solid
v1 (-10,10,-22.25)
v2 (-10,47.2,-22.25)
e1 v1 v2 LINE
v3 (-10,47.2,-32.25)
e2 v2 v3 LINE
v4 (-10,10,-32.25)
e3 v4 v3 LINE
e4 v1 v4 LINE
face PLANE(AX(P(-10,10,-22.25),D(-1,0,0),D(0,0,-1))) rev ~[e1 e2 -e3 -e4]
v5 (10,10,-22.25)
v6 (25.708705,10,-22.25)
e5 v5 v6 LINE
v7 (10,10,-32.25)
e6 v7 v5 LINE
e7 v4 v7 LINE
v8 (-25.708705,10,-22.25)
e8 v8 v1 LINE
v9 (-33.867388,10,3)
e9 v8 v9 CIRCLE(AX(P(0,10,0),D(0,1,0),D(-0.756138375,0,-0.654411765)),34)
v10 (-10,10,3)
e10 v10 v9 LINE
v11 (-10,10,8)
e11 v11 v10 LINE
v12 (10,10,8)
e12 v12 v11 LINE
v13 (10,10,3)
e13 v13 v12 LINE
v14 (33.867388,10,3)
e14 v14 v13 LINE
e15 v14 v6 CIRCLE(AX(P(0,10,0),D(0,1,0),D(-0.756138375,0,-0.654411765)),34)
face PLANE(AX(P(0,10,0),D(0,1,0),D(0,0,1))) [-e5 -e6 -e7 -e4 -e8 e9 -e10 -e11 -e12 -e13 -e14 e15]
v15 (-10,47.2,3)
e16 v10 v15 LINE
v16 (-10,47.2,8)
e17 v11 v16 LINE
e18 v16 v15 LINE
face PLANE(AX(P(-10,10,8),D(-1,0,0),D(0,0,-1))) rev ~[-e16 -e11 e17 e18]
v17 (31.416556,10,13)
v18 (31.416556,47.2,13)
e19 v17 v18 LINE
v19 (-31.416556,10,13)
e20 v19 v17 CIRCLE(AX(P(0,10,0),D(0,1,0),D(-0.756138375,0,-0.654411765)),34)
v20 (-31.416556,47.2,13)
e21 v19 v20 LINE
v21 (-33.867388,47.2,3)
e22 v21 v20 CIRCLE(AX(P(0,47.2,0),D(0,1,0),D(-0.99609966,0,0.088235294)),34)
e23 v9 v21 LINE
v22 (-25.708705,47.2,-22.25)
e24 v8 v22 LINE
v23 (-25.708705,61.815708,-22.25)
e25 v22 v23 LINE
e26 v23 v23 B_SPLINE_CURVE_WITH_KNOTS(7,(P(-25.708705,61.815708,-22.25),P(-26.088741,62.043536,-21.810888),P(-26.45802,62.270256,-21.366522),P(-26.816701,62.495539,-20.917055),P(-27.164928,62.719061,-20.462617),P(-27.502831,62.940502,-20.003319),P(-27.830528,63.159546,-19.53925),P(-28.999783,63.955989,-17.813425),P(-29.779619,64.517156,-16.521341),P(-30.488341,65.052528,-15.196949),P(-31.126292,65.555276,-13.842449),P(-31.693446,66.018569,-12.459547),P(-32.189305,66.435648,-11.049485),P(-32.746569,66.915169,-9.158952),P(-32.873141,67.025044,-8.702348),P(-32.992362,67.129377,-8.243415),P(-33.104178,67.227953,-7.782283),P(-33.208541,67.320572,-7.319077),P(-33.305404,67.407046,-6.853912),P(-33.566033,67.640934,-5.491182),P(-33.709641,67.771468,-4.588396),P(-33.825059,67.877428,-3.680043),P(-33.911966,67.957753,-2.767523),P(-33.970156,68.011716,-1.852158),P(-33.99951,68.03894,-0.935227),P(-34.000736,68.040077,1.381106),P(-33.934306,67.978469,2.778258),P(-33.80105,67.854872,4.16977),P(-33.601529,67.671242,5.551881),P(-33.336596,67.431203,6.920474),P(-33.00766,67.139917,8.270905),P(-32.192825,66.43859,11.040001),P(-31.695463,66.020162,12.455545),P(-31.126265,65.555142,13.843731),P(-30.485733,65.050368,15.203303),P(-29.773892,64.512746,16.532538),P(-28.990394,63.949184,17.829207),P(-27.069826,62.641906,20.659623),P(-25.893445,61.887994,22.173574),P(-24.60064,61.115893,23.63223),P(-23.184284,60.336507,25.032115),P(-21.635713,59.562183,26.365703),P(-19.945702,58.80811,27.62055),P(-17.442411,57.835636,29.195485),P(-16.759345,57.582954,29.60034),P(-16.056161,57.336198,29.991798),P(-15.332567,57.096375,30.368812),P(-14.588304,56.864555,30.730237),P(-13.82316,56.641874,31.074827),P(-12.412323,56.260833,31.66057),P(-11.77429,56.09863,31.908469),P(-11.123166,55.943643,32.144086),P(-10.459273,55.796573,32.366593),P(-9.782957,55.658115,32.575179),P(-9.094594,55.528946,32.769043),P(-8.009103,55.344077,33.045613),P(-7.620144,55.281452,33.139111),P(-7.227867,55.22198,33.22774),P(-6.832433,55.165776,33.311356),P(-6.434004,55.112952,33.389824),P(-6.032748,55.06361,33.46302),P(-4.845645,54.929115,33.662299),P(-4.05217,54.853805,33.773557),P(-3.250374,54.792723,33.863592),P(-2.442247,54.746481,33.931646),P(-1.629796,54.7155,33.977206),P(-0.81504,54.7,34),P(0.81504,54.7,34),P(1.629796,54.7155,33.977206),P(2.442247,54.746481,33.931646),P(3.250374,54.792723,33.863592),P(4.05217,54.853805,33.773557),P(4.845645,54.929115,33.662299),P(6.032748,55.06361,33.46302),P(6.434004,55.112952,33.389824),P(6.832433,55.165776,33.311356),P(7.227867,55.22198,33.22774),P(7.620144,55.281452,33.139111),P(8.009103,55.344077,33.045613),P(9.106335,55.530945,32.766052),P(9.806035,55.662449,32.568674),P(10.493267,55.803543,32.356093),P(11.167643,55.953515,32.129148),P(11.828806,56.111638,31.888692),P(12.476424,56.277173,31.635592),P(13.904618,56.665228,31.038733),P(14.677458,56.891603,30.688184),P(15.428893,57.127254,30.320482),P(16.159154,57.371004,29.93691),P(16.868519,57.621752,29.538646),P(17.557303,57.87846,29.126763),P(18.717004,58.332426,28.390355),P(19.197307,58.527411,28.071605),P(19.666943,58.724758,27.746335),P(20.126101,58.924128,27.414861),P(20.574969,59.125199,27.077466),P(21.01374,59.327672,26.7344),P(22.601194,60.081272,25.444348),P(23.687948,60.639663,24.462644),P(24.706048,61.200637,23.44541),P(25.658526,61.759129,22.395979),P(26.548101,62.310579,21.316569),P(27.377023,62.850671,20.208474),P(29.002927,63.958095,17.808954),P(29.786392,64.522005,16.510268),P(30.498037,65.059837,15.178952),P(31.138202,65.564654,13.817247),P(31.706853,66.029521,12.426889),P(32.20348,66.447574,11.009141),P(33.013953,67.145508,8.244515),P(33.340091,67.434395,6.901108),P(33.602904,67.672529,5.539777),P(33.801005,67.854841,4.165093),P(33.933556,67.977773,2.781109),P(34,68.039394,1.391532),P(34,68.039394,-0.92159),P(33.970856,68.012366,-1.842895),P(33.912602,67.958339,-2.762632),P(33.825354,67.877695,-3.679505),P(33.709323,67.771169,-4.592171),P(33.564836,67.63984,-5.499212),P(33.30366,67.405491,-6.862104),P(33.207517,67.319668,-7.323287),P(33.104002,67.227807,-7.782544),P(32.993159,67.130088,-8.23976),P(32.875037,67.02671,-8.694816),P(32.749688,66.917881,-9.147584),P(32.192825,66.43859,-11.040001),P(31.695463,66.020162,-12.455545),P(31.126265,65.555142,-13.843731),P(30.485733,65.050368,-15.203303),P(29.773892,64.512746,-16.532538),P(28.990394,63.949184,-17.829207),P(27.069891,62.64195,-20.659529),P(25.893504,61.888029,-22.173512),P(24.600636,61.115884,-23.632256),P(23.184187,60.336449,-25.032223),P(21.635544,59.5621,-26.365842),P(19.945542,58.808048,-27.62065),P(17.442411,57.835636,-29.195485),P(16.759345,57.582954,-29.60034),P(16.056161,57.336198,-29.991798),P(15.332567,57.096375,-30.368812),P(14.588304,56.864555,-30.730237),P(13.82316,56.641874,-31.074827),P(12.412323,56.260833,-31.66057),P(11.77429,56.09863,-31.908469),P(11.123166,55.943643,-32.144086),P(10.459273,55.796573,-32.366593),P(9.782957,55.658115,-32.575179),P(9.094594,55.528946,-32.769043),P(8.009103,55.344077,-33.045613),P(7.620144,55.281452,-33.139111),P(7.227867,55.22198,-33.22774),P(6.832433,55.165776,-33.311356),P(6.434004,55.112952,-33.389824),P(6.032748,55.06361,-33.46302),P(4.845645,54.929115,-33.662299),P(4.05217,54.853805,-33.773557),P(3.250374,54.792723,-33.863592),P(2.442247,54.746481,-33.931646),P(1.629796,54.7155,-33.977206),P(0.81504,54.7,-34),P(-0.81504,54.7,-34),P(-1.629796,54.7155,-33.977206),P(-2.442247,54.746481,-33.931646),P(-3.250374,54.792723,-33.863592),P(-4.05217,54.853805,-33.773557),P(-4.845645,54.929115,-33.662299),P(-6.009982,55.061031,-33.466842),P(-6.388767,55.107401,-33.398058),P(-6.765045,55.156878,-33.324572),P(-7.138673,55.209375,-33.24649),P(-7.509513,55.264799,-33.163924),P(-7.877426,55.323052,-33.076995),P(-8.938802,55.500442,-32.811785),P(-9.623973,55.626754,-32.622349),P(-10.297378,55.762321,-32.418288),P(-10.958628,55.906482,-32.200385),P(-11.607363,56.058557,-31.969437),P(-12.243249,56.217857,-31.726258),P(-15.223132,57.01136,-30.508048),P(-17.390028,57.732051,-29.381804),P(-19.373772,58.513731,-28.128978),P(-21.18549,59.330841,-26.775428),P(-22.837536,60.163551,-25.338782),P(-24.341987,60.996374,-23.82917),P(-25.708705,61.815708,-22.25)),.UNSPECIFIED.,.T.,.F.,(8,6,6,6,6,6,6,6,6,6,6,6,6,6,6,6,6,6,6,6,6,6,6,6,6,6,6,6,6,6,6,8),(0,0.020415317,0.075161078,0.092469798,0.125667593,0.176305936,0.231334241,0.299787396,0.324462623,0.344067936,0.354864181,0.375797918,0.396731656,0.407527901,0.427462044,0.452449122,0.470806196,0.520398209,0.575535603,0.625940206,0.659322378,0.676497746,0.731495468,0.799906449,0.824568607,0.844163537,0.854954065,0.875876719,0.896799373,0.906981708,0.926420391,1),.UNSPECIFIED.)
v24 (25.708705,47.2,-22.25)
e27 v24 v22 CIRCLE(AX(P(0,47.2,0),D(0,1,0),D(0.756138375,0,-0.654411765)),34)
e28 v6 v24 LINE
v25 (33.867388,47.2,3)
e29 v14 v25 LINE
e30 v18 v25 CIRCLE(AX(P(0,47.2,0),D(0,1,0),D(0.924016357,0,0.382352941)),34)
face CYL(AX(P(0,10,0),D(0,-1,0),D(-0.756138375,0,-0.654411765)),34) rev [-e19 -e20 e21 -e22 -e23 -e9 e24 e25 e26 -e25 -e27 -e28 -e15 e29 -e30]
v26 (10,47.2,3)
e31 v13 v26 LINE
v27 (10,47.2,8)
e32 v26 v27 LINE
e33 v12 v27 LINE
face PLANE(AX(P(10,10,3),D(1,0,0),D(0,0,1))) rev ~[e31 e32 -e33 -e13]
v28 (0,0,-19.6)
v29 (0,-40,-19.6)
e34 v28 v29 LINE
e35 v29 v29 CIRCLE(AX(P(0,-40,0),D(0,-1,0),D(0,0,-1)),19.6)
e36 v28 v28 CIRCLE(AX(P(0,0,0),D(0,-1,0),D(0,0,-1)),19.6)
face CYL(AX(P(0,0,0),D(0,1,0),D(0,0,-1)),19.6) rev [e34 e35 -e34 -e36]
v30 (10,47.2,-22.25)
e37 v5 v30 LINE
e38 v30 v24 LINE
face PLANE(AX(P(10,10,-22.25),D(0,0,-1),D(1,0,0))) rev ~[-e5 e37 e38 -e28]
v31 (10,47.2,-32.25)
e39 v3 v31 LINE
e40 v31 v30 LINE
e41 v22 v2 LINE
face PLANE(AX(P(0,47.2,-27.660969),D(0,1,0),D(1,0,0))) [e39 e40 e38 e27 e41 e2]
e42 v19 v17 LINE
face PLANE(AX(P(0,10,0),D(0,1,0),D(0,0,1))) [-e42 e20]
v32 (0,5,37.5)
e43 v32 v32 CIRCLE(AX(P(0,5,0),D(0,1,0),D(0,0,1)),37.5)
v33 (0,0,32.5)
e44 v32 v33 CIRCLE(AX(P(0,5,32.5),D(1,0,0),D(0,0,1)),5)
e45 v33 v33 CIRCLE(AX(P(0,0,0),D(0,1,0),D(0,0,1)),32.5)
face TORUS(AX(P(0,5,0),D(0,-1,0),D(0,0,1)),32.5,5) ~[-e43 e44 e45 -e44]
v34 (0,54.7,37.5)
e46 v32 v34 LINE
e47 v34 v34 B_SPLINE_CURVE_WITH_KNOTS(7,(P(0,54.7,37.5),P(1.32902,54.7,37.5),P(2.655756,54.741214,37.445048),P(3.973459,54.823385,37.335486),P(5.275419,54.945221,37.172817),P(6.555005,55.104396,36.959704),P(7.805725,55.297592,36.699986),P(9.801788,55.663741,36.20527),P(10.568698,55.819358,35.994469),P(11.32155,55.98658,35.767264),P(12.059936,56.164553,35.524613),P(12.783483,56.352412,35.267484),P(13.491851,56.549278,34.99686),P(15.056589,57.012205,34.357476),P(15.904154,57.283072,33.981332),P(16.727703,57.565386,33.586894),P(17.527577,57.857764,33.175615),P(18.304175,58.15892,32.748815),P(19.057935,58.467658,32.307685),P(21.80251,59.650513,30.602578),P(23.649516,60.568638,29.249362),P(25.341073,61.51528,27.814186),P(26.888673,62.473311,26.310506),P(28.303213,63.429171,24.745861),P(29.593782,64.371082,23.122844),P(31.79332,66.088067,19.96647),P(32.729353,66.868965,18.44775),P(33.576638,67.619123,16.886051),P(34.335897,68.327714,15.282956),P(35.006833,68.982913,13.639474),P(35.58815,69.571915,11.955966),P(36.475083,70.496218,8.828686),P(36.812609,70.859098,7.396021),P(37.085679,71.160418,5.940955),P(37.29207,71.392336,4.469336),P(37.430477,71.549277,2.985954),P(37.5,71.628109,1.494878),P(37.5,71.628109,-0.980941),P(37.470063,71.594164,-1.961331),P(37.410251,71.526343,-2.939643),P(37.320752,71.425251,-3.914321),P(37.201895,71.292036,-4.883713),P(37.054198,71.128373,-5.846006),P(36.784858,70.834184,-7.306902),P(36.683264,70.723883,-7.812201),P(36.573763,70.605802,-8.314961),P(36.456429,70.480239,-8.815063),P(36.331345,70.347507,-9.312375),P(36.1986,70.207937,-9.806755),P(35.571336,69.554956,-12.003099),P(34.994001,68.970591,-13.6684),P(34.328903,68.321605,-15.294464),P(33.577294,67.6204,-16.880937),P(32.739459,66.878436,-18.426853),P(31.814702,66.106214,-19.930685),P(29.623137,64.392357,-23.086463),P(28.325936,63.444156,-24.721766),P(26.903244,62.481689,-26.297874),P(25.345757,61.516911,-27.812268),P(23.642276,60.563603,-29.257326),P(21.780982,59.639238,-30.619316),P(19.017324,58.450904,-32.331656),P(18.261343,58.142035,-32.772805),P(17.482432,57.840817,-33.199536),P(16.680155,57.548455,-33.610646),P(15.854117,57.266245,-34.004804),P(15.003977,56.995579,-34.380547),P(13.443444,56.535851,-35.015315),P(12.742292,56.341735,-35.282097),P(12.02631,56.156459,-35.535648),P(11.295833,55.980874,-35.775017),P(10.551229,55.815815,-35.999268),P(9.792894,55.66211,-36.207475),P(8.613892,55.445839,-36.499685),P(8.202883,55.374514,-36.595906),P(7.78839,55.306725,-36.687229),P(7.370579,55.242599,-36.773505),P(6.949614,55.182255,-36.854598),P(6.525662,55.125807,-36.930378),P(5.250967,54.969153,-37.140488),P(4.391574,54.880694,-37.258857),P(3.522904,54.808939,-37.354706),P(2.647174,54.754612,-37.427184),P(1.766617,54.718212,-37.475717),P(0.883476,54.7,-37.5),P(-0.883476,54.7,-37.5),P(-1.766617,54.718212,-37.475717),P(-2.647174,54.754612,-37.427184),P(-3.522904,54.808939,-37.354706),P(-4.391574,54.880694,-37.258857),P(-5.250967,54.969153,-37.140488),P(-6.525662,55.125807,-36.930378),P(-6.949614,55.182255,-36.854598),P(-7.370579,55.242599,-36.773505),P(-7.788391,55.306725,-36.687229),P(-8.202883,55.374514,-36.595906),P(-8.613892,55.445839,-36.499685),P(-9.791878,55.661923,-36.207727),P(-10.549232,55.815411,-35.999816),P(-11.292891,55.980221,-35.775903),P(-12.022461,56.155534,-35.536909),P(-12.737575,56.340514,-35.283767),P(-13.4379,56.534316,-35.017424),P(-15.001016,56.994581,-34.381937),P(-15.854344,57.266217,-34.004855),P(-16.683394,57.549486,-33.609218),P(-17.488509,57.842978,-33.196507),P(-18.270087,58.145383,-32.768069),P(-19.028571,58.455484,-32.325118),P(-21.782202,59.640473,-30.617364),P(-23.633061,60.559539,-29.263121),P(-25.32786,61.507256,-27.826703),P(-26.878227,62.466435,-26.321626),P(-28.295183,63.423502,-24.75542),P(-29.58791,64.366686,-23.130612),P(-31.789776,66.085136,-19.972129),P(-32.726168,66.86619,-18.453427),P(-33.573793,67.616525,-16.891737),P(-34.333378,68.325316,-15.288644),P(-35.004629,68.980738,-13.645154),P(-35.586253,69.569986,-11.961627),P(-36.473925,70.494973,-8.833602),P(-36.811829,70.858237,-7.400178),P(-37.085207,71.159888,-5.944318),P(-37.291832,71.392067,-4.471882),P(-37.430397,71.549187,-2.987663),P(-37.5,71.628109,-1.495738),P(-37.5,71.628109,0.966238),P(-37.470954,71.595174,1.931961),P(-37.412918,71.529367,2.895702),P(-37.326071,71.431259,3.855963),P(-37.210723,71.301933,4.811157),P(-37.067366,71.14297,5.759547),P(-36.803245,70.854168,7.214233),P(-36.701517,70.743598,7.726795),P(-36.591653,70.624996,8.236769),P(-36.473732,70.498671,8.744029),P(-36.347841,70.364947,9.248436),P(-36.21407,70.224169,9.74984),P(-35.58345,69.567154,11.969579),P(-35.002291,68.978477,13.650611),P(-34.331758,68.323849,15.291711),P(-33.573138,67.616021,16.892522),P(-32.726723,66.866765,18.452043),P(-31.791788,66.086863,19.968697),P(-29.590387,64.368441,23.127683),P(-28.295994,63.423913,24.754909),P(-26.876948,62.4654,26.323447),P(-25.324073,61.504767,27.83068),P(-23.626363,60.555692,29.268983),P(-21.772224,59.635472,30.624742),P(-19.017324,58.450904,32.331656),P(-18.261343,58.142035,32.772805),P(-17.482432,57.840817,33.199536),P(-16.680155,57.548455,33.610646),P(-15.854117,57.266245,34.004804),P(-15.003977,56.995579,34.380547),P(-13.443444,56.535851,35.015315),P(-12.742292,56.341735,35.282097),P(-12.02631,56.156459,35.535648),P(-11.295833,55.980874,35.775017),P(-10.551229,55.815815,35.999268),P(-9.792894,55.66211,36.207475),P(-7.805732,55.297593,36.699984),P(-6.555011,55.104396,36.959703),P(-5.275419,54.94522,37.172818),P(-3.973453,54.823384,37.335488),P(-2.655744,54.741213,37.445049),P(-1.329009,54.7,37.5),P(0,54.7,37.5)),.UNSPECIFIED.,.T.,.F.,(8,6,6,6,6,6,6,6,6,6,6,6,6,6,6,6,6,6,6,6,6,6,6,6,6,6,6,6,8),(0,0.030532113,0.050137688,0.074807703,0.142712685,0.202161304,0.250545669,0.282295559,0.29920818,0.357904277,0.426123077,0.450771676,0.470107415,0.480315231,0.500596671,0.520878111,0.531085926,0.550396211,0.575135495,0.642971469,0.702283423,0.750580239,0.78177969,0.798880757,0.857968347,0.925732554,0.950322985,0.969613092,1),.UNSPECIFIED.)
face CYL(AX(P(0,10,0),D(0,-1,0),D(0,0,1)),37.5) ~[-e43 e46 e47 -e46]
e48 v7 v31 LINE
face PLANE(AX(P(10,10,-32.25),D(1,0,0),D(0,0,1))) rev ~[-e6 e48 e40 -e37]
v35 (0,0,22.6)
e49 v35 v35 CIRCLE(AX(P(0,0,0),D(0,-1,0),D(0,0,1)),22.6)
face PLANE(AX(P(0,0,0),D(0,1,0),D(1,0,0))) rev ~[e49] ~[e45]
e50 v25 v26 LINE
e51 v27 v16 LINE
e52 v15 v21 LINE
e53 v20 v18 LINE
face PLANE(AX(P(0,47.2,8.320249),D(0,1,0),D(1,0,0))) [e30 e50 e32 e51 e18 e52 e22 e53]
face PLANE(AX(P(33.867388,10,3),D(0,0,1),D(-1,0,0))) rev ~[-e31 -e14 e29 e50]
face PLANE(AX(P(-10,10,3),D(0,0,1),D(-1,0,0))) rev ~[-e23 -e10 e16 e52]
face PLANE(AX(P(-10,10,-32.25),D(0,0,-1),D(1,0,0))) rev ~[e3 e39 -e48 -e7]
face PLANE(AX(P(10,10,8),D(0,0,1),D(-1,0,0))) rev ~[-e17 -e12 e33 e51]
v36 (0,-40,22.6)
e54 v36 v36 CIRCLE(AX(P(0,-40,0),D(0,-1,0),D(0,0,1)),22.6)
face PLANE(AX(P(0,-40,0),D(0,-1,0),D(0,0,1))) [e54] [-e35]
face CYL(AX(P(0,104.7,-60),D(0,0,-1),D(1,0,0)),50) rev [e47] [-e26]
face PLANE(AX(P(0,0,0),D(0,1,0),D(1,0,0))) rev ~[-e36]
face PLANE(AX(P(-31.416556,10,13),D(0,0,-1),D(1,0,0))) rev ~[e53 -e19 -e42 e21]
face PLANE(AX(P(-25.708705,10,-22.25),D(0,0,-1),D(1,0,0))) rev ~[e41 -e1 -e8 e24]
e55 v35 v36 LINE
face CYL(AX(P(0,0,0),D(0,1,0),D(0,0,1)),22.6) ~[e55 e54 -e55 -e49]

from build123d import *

# Parameters (mm, degrees)
SKETCH1_R               = 37.5
SKETCH1_R_2             = 34
BOSS_EXTRUDE1_DEPTH     = 10
BOSS_EXTRUDE2_DEPTH     = 37.2
SKETCH2_3_R             = 37.5
SKETCH2_3_R_2           = 34
BOSS_EXTRUDE3_DEPTH     = 94.7
CUT_EXTRUDE2_DEPTH      = 60
CUT_EXTRUDE2_DEPTH_BACK = 60
SKETCH3_R               = 50
SKETCH4_R               = 22.6
SKETCH4_R_2             = 19.6
BOSS_EXTRUDE4_DEPTH     = 40
FILLET1_R               = 5


with BuildPart() as part:
    # Sketch1 → Boss-Extrude1 (new body)
    # profile 1 of 2: a face of its own
    with BuildSketch(Plane(origin=(0, 0, 0), x_dir=(1, 0, 0), z_dir=(0, 1, 0))):
        with Locations(Location((0, 0, 0), (0, 0, 270))):
            Circle(SKETCH1_R)
        Circle(SKETCH1_R_2, mode=Mode.SUBTRACT)
    # profile 2 of 2: a face of its own
    with BuildSketch(Plane(origin=(0, 0, 0), x_dir=(1, 0, 0), z_dir=(0, 1, 0))):
        Circle(SKETCH1_R_2)
    extrude(amount=BOSS_EXTRUDE1_DEPTH)

    # Sketch2 → Boss-Extrude2 (add)
    with BuildSketch(Plane(origin=(0, 10, 0), x_dir=(1, 0, 0), z_dir=(0, 1, 0))):
        with BuildLine():
            ThreePointArc((25.708704752, 22.25), (0, 34), (-25.708704752, 22.25))
            Line((-25.708704752, 22.25), (-10, 22.25))
            Line((-10, 22.25), (-10, 32.25))
            Line((-10, 32.25), (10, 32.25))
            Line((10, 32.25), (10, 22.25))
            Line((10, 22.25), (25.708704752, 22.25))
        make_face()
        with BuildLine():
            Line((-10, -3), (-33.867388444, -3))
            ThreePointArc((-33.867388444, -3), (-33.022694549, -8.09330864), (-31.416556145, -13))
            Line((-31.416556145, -13), (31.416556145, -13))
            ThreePointArc((31.416556145, -13), (33.022694549, -8.09330864), (33.867388444, -3))
            Line((33.867388444, -3), (10, -3))
            Line((10, -3), (10, -8))
            Line((10, -8), (-10, -8))
            Line((-10, -8), (-10, -3))
        make_face()
    extrude(amount=BOSS_EXTRUDE2_DEPTH)

    # Sketch2_3 → Boss-Extrude3 (add)
    with BuildSketch(Plane(origin=(0, 10, 0), x_dir=(1, 0, 0), z_dir=(0, 1, 0))):
        with Locations(Location((0, 0, 0), (0, 0, 270))):
            Circle(SKETCH2_3_R)
        with Locations(Location((0, 0, 0), (0, 0, 139.124938123))):
            Circle(SKETCH2_3_R_2, mode=Mode.SUBTRACT)
    extrude(amount=BOSS_EXTRUDE3_DEPTH)

    # Sketch3 → Cut-Extrude2 (cut, two sides: drawn at the far end of the back side and taken through both)
    with BuildSketch(Plane.XY.offset(-CUT_EXTRUDE2_DEPTH_BACK)):
        with Locations((0, 104.7)):
            Circle(SKETCH3_R)
    extrude(amount=CUT_EXTRUDE2_DEPTH + CUT_EXTRUDE2_DEPTH_BACK, mode=Mode.SUBTRACT)

    # Sketch4 → Boss-Extrude4 (add)
    with BuildSketch(Plane.XZ):
        with Locations(Location((0, 0, 0), (0, 0, 90))):
            Circle(SKETCH4_R)
        with Locations(Location((0, 0, 0), (0, 0, 270))):
            Circle(SKETCH4_R_2, mode=Mode.SUBTRACT)
    extrude(amount=BOSS_EXTRUDE4_DEPTH)

    # Fillet1
    fillet1_edges = [part.edges().sort_by_distance(p)[0] for p in [
        (0, 0, -37.5),
    ]]
    fillet(fillet1_edges, radius=FILLET1_R)


solid = part.part
